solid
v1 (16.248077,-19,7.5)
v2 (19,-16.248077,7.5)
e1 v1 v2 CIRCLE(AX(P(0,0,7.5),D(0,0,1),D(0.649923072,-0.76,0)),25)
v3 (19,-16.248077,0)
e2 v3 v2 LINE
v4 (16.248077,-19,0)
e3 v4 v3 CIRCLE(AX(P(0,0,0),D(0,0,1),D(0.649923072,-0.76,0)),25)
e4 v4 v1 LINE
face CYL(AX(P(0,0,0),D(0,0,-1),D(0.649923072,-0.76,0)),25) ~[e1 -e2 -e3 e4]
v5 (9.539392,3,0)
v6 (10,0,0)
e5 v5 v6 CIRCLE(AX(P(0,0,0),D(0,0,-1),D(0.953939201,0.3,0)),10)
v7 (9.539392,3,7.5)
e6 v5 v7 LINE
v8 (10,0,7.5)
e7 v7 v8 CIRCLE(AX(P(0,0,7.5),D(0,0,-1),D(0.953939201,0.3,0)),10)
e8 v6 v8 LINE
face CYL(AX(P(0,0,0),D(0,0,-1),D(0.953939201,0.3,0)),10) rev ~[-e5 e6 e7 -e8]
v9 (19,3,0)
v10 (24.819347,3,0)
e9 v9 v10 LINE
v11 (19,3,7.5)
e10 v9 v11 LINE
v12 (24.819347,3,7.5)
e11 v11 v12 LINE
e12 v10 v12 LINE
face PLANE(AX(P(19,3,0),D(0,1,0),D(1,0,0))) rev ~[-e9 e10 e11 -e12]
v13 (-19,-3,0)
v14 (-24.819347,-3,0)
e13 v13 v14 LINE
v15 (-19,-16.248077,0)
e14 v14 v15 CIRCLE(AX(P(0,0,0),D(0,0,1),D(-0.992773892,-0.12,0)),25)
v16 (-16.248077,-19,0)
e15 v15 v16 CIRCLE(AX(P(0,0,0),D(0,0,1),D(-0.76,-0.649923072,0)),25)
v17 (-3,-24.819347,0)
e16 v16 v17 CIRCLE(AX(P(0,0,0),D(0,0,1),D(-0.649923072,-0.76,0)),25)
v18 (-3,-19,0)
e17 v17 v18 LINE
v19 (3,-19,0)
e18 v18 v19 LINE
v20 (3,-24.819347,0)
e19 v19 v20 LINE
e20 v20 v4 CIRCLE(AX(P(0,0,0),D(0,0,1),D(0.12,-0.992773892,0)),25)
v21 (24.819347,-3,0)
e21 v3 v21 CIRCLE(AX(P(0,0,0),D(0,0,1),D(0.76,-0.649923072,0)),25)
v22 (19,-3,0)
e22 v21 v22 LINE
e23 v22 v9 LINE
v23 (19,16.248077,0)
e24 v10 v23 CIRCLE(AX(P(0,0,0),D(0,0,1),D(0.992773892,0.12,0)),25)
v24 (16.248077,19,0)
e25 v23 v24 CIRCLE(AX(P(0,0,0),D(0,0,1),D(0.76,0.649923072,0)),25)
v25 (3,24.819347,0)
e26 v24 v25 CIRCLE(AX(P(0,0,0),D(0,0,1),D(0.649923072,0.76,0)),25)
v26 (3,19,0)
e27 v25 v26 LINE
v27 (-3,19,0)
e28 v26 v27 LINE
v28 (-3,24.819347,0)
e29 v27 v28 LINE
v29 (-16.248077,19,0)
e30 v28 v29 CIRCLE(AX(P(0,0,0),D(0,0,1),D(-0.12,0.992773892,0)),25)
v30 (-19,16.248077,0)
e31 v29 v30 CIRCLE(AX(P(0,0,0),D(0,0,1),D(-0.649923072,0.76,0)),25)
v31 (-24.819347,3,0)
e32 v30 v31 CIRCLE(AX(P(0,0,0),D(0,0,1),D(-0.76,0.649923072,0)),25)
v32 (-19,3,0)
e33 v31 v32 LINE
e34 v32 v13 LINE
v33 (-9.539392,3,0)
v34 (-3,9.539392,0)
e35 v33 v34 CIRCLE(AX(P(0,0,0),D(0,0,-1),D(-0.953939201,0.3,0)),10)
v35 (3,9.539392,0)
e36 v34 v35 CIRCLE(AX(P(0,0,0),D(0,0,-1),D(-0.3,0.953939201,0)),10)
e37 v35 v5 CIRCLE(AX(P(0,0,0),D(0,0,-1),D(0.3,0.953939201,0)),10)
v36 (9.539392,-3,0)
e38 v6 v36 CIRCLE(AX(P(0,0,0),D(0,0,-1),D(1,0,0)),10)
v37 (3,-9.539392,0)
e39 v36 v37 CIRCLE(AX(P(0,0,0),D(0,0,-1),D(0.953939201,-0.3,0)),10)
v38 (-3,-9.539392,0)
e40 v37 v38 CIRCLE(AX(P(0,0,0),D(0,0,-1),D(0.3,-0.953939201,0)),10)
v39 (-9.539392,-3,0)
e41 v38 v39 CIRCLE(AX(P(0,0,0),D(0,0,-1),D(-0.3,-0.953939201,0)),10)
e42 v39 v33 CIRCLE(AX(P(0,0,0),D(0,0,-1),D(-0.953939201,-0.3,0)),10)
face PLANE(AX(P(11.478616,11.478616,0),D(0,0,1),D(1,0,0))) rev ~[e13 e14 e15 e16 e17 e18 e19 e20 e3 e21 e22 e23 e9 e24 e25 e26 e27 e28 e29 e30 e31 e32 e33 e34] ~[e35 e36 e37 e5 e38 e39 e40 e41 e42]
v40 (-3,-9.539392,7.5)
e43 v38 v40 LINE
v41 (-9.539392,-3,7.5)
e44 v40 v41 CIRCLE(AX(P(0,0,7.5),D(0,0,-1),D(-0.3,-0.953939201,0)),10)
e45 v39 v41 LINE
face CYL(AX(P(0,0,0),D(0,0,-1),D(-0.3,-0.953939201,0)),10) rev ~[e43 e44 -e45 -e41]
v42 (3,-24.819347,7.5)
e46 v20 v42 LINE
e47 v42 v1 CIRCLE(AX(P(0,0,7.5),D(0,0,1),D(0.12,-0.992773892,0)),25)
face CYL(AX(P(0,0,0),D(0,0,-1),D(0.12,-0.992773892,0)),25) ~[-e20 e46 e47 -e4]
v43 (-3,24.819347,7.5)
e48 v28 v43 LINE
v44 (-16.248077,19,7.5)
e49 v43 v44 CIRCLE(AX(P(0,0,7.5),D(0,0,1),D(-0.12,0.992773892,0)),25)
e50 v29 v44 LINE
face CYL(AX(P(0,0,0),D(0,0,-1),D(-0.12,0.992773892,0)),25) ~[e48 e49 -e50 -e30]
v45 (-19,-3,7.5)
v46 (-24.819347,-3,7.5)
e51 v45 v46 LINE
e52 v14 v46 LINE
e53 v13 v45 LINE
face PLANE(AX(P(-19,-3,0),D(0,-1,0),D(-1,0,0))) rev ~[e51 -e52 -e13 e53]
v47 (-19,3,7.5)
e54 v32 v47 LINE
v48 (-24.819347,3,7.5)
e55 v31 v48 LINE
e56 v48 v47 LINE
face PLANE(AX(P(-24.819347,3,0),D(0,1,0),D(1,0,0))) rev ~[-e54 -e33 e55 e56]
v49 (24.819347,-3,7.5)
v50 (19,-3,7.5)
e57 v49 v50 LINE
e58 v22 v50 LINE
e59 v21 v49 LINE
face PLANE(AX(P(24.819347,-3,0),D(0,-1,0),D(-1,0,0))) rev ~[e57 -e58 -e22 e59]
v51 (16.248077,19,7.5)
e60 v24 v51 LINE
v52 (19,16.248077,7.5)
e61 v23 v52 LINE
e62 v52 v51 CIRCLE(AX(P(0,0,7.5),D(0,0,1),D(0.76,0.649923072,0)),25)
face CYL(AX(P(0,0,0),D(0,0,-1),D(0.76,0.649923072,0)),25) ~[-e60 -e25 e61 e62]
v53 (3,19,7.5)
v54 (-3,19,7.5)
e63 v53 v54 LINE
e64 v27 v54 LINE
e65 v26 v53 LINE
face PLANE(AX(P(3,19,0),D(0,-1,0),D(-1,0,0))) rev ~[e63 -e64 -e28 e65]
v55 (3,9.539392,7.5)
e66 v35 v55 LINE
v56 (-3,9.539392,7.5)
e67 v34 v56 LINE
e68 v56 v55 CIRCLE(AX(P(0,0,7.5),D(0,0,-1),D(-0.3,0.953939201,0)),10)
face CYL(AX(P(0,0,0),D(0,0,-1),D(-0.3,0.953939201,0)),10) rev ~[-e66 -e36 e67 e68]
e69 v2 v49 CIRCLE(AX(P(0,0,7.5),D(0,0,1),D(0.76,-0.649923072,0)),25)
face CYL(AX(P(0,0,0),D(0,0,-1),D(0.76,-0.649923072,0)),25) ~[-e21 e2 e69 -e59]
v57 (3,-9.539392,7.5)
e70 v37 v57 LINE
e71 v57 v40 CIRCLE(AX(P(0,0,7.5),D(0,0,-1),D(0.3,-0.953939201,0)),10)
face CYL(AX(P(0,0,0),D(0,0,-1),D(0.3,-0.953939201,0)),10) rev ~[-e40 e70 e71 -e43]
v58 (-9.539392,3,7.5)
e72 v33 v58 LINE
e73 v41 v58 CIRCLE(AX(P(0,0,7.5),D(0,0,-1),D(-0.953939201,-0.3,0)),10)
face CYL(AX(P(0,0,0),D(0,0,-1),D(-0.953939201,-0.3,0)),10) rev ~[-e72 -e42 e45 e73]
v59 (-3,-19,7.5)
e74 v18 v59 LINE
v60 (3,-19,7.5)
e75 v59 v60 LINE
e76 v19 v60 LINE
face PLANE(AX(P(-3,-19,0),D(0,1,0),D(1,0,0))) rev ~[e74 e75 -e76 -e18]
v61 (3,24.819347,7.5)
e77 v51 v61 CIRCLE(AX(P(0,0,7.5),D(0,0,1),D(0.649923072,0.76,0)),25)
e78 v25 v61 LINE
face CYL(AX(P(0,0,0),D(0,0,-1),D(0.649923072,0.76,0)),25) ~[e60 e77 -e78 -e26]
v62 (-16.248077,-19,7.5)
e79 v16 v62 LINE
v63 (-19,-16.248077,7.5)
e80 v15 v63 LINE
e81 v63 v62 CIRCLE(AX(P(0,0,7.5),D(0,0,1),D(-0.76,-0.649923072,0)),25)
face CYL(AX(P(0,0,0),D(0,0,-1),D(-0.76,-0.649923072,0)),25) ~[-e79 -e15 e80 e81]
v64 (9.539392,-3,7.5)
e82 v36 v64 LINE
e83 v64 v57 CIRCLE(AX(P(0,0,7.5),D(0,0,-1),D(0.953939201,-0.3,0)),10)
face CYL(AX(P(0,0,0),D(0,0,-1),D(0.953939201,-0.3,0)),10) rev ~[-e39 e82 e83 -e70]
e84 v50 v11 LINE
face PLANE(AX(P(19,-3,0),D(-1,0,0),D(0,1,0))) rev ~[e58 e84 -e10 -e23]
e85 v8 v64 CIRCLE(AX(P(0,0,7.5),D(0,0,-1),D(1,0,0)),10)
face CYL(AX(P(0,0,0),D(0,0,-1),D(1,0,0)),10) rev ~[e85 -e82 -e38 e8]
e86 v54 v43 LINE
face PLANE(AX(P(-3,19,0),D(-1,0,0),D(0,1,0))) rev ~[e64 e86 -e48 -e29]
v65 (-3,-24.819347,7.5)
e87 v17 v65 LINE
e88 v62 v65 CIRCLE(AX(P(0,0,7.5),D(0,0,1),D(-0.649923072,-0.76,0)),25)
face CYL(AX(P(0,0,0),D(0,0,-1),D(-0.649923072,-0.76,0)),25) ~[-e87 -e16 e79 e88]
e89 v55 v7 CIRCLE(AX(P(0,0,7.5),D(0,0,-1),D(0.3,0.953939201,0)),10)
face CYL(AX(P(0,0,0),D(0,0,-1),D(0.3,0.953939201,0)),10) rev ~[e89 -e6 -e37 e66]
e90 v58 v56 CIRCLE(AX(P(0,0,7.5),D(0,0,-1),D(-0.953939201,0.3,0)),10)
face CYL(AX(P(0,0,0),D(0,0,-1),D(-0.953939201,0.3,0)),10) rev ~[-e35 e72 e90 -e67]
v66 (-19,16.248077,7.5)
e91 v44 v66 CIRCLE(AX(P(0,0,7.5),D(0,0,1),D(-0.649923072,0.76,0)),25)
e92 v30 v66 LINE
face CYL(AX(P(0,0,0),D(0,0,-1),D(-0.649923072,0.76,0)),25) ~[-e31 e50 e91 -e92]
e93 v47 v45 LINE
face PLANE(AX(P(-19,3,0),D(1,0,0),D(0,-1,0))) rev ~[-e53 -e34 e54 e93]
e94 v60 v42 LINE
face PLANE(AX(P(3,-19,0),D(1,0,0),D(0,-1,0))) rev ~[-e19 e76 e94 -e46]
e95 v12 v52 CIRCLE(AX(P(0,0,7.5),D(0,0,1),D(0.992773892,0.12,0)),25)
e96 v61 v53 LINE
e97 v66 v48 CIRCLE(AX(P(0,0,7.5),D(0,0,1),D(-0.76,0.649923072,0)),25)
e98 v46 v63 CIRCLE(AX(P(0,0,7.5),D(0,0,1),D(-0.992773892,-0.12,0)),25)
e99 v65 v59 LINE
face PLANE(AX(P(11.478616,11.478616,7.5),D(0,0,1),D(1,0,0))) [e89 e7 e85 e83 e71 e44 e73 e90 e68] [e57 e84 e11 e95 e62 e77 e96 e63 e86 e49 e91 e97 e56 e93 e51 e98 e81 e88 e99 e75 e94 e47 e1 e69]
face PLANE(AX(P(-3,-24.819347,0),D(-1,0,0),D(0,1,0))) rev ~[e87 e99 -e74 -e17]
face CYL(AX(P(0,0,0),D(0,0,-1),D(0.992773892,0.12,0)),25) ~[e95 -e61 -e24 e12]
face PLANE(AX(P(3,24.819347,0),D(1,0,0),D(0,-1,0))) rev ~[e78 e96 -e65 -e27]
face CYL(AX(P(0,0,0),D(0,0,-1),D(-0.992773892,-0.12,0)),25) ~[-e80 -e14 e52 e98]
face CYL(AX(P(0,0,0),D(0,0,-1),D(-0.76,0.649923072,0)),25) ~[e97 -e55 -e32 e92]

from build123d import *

# Parameters (mm, degrees)
F1_DEPTH = 7.5


with BuildPart() as f1:
    # F0 (on Top) → F1 (new body)
    with BuildSketch(Plane.XY):
        with BuildLine():
            ThreePointArc((3, 9.5393920142), (7.0710678119, 7.0710678119), (9.5393920142, 3))
            Line((9.5393920142, 3), (19, 3))
            Line((19, 3), (19, 16.2480768093))
            ThreePointArc((19, 16.2480768093), (17.6776695297, 17.6776695297), (16.2480768093, 19))
            Line((16.2480768093, 19), (3, 19))
            Line((3, 19), (3, 9.5393920142))
        make_face()
        with BuildLine():
            Line((3, 24.819347292), (3, 19))
            Line((3, 19), (16.2480768093, 19))
            ThreePointArc((16.2480768093, 19), (10.0542685433, 22.8891171534), (3, 24.819347292))
        make_face()
        with BuildLine():
            Line((-16.2480768093, 19), (-3, 19))
            Line((-3, 19), (-3, 24.819347292))
            ThreePointArc((-3, 24.819347292), (-10.0542685433, 22.8891171534), (-16.2480768093, 19))
        make_face()
        with BuildLine():
            ThreePointArc((-9.5393920142, 3), (-7.0710678119, 7.0710678119), (-3, 9.5393920142))
            Line((-3, 9.5393920142), (-3, 19))
            Line((-3, 19), (-16.2480768093, 19))
            ThreePointArc((-16.2480768093, 19), (-17.6776695297, 17.6776695297), (-19, 16.2480768093))
            Line((-19, 16.2480768093), (-19, 3))
            Line((-19, 3), (-9.5393920142, 3))
        make_face()
        with BuildLine():
            Line((-24.819347292, 3), (-19, 3))
            Line((-19, 3), (-19, 16.2480768093))
            ThreePointArc((-19, 16.2480768093), (-22.8891171534, 10.0542685433), (-24.819347292, 3))
        make_face()
        with BuildLine():
            ThreePointArc((-9.5393920142, -3), (-10, 0), (-9.5393920142, 3))
            Line((-9.5393920142, 3), (-19, 3))
            Line((-19, 3), (-19, -3))
            Line((-19, -3), (-9.5393920142, -3))
        make_face()
        with BuildLine():
            Line((-3, -19), (-3, -9.5393920142))
            ThreePointArc((-3, -9.5393920142), (-7.0710678119, -7.0710678119), (-9.5393920142, -3))
            Line((-9.5393920142, -3), (-19, -3))
            Line((-19, -3), (-19, -16.2480768093))
            ThreePointArc((-19, -16.2480768093), (-17.6776695297, -17.6776695297), (-16.2480768093, -19))
            Line((-16.2480768093, -19), (-3, -19))
        make_face()
        with BuildLine():
            Line((-19, -16.2480768093), (-19, -3))
            Line((-19, -3), (-24.819347292, -3))
            ThreePointArc((-24.819347292, -3), (-22.8891171534, -10.0542685433), (-19, -16.2480768093))
        make_face()
        with BuildLine():
            Line((-3, -24.819347292), (-3, -19))
            Line((-3, -19), (-16.2480768093, -19))
            ThreePointArc((-16.2480768093, -19), (-10.0542685433, -22.8891171534), (-3, -24.819347292))
        make_face()
        with BuildLine():
            Line((16.2480768093, -19), (3, -19))
            Line((3, -19), (3, -24.819347292))
            ThreePointArc((3, -24.819347292), (10.0542685433, -22.8891171534), (16.2480768093, -19))
        make_face()
        with BuildLine():
            Line((19, -3), (9.5393920142, -3))
            ThreePointArc((9.5393920142, -3), (7.0710678119, -7.0710678119), (3, -9.5393920142))
            Line((3, -9.5393920142), (3, -19))
            Line((3, -19), (16.2480768093, -19))
            ThreePointArc((16.2480768093, -19), (17.6776695297, -17.6776695297), (19, -16.2480768093))
            Line((19, -16.2480768093), (19, -3))
        make_face()
        with BuildLine():
            Line((24.819347292, -3), (19, -3))
            Line((19, -3), (19, -16.2480768093))
            ThreePointArc((19, -16.2480768093), (22.8891171534, -10.0542685433), (24.819347292, -3))
        make_face()
        with BuildLine():
            Line((19, 16.2480768093), (19, 3))
            Line((19, 3), (24.819347292, 3))
            ThreePointArc((24.819347292, 3), (22.8891171534, 10.0542685433), (19, 16.2480768093))
        make_face()
        with BuildLine():
            ThreePointArc((9.5393920142, 3), (9.8841772582, 1.5175769928), (10, 0))
            ThreePointArc((10, 0), (9.8841772582, -1.5175769928), (9.5393920142, -3))
            Line((9.5393920142, -3), (19, -3))
            Line((19, -3), (19, 3))
            Line((19, 3), (9.5393920142, 3))
        make_face()
        with BuildLine():
            Line((3, -19), (3, -9.5393920142))
            ThreePointArc((3, -9.5393920142), (0, -10), (-3, -9.5393920142))
            Line((-3, -9.5393920142), (-3, -19))
            Line((-3, -19), (3, -19))
        make_face()
        with BuildLine():
            ThreePointArc((-3, 9.5393920142), (0, 10), (3, 9.5393920142))
            Line((3, 9.5393920142), (3, 19))
            Line((3, 19), (-3, 19))
            Line((-3, 19), (-3, 9.5393920142))
        make_face()
    extrude(amount=F1_DEPTH)


solid = f1.part
